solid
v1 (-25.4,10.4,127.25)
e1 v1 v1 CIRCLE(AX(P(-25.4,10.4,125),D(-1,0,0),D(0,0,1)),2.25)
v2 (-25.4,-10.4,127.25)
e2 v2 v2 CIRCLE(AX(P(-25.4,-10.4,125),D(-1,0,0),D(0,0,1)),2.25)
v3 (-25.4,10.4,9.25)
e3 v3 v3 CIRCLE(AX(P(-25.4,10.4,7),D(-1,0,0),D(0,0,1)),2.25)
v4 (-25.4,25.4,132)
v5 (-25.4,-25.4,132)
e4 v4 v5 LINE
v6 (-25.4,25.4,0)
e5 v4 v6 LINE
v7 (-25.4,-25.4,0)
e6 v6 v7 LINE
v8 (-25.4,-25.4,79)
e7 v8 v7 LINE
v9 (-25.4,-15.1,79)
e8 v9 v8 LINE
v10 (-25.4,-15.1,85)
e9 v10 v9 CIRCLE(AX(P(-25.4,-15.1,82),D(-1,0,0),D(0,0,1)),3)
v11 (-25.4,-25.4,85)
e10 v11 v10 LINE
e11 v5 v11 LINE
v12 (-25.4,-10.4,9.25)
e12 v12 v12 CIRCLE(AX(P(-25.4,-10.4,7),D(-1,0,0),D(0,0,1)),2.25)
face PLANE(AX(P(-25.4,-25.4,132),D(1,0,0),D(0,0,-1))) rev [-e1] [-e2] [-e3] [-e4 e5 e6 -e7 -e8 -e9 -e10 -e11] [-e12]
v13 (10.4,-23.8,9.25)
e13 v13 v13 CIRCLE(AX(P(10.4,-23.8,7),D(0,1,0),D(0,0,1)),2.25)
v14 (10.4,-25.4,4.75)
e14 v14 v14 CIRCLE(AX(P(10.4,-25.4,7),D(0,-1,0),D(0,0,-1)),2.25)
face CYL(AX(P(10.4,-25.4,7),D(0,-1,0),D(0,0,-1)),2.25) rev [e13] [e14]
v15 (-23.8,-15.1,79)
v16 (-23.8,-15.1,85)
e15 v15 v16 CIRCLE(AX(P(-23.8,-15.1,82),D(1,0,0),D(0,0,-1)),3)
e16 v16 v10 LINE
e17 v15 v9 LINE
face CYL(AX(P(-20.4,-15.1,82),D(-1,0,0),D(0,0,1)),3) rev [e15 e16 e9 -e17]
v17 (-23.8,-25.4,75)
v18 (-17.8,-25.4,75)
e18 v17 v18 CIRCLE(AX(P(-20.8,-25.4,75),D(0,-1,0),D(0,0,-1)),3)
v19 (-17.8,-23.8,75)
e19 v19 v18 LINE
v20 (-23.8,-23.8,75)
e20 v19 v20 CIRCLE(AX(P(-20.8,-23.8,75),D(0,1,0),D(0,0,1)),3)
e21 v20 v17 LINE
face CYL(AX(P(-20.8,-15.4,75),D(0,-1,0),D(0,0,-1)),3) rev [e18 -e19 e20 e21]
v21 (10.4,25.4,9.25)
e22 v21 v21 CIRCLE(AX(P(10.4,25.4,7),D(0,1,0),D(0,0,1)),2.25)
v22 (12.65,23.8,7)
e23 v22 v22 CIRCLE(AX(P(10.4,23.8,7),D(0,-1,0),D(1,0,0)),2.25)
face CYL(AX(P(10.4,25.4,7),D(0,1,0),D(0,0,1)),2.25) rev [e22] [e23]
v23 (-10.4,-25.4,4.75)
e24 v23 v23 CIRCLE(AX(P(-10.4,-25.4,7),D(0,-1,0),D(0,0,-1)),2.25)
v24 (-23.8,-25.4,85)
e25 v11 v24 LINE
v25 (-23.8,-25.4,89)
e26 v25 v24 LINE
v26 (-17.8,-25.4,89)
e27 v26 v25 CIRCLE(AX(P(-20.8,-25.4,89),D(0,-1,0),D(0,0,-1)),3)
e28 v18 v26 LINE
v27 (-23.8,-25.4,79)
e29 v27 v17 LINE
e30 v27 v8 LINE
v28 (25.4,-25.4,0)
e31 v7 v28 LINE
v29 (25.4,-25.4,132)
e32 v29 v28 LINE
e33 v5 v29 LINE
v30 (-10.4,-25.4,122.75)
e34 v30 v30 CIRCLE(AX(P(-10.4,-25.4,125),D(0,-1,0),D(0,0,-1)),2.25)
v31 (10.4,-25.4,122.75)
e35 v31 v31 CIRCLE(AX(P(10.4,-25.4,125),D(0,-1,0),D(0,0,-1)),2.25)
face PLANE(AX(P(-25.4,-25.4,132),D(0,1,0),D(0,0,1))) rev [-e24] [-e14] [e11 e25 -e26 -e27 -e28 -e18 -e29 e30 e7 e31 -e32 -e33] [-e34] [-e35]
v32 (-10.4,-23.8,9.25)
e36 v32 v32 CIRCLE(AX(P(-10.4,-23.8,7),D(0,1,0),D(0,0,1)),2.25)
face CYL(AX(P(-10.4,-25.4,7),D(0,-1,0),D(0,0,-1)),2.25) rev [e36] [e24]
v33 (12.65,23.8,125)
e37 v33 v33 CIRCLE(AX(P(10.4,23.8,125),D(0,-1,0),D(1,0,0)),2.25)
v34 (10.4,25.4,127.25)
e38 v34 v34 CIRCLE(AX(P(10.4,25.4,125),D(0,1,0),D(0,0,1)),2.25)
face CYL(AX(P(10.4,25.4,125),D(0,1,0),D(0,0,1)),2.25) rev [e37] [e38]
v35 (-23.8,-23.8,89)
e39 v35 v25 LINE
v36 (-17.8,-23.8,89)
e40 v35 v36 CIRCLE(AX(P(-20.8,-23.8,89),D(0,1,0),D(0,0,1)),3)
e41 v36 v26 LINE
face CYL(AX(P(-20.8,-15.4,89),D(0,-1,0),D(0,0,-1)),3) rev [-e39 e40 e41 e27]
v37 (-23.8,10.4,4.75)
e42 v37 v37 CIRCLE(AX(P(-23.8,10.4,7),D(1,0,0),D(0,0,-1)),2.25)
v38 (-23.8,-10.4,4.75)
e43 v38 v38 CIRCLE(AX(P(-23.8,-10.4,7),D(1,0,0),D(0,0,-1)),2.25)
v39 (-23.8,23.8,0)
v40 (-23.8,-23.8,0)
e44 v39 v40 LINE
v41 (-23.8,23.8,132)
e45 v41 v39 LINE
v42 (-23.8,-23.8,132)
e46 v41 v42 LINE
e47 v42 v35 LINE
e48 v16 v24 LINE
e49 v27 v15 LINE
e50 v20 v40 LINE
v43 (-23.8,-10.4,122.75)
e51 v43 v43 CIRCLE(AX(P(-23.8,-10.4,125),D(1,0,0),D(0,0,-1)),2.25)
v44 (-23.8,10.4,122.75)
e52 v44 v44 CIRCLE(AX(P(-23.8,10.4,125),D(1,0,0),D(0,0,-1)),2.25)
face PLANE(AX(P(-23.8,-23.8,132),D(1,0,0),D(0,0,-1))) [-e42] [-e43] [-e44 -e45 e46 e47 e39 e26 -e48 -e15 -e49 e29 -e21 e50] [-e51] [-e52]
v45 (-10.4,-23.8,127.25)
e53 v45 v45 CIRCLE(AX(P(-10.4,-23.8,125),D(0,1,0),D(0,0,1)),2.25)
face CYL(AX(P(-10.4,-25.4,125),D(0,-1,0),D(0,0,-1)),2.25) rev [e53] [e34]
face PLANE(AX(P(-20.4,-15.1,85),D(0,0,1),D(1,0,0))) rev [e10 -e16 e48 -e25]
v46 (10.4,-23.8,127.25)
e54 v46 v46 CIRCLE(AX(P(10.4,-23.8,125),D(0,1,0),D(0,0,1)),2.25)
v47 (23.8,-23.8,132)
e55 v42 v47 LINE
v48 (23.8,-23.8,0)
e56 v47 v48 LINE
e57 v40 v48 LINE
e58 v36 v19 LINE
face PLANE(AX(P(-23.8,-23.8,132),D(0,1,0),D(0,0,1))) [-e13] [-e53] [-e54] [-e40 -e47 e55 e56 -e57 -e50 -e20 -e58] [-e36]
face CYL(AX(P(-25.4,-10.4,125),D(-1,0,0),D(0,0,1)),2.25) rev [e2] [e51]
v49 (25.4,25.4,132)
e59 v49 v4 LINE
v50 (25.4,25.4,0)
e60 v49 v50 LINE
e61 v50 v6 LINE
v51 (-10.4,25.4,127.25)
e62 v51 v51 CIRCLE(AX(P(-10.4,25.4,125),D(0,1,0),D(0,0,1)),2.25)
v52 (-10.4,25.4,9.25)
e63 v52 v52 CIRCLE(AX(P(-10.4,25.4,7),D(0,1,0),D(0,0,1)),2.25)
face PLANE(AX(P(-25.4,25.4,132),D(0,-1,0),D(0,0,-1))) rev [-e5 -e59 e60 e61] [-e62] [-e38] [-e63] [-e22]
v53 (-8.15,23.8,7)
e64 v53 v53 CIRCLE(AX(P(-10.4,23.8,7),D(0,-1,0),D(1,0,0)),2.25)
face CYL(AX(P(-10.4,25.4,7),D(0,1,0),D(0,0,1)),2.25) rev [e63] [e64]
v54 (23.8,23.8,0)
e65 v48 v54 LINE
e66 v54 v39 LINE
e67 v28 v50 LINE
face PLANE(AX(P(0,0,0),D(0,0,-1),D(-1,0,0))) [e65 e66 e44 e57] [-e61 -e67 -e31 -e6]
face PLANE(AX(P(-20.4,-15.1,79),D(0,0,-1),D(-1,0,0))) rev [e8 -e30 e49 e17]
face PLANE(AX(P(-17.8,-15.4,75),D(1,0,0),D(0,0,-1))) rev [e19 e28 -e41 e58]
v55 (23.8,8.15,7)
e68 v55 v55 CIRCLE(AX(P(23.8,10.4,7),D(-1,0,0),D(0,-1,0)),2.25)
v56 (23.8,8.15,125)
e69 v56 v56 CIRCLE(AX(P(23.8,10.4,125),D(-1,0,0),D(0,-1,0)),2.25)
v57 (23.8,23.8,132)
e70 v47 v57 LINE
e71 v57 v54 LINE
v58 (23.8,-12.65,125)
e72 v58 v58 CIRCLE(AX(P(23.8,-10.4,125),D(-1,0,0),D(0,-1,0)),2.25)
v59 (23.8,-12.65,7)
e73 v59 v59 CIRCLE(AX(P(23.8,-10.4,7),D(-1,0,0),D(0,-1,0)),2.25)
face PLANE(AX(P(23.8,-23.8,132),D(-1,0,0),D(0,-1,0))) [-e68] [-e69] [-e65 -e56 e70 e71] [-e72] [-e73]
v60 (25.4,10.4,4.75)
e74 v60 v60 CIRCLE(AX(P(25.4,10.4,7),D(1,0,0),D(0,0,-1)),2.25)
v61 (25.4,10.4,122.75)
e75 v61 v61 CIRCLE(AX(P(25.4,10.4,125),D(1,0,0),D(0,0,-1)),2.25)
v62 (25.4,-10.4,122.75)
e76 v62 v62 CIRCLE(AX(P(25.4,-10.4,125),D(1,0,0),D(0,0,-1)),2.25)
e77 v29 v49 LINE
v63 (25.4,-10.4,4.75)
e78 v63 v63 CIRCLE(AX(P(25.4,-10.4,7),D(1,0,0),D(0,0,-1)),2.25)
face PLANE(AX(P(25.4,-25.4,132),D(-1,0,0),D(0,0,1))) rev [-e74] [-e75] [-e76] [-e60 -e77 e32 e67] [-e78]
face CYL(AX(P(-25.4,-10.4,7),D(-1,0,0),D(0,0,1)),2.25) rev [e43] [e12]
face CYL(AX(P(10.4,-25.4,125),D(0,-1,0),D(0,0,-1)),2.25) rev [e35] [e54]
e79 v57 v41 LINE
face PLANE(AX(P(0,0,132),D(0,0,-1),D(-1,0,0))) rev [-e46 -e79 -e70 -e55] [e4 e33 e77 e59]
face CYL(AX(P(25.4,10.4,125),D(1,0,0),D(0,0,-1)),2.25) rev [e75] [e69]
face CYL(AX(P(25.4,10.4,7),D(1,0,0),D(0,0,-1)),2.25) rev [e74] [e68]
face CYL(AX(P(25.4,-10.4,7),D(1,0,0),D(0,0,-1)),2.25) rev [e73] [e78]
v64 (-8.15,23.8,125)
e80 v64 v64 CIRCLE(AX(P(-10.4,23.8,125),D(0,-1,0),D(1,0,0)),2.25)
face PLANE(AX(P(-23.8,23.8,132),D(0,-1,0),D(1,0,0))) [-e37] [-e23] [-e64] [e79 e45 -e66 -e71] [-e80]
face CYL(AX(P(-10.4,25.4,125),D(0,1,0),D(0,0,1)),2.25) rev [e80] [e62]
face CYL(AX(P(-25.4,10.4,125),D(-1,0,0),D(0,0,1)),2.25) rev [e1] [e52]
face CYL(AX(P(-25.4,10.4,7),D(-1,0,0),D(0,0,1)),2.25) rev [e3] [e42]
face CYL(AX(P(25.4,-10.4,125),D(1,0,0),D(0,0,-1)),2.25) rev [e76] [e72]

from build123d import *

# Parameters (mm, degrees)
SKETCH1_W                     = 50.8
SKETCH1_H                     = 50.8
SKETCH1_W_2                   = 47.6
SKETCH1_H_2                   = 47.6
BOSS_EXTRUDE1_DEPTH           = 132
M4_CLEARANCE_HOLE1_AT_2_COUNT = 2
M4_CLEARANCE_HOLE1_AT_2_PITCH = 20.8
CIRPATTERN1_COUNT             = 4
CUT_EXTRUDE1_DEPTH            = 5
CUT_EXTRUDE2_DEPTH            = 10


with BuildPart() as part:
    # Sketch1 → Boss-Extrude1 (new body)
    with BuildSketch(Plane.XY):
        Rectangle(SKETCH1_W, SKETCH1_H)
        Rectangle(SKETCH1_W_2, SKETCH1_H_2, mode=Mode.SUBTRACT)
    extrude(amount=BOSS_EXTRUDE1_DEPTH)

    # Sketch5 → M4 Clearance Hole1 (revolve, cut)
    with BuildSketch(Plane(origin=(-25.4, 10.4, 7), x_dir=(0, 0, 1), z_dir=(0, 1, 0))):
        Polygon((0, 0), (0, 12.851936393), (2.25, 11.5), (2.25, 0), align=None)
    m4_clearance_hole1 = revolve(axis=Axis((-31.75, 10.4, 7), (1, 0, 0)), mode=Mode.SUBTRACT)

    # M4 Clearance Hole1 at 2: M4 Clearance Hole1 ×2
    with Locations(*[(0, -i * M4_CLEARANCE_HOLE1_AT_2_PITCH, 0) for i in range(1, M4_CLEARANCE_HOLE1_AT_2_COUNT)]):
        add(m4_clearance_hole1, mode=Mode.SUBTRACT)

    # CirPattern1: M4 Clearance Hole1 ×4 about axis
    cirpattern1_axis = Axis((0, 0, 0), (0, 0, 1))
    for i in range(1, CIRPATTERN1_COUNT):
        add(m4_clearance_hole1.rotate(cirpattern1_axis, i * 360 / CIRPATTERN1_COUNT), mode=Mode.SUBTRACT)

    # CirPattern1 copy 1 sketch → CirPattern1 copy 1 (revolve, cut)
    with BuildSketch(Plane(origin=(10.4, -25.4, 7), x_dir=(0, 0, 1), z_dir=(-1, 0, 0))):
        Polygon((0, 0), (0, 12.851936393), (2.25, 11.5), (2.25, 0), align=None)
    revolve(axis=Axis((10.4, -31.75, 7), (0, 1, 0)), mode=Mode.SUBTRACT)

    # CirPattern1 copy 2 sketch → CirPattern1 copy 2 (revolve, cut)
    with BuildSketch(Plane(origin=(25.4, 10.4, 7), x_dir=(0, 0, 1), z_dir=(0, -1, 0))):
        Polygon((0, 0), (0, 12.851936393), (2.25, 11.5), (2.25, 0), align=None)
    revolve(axis=Axis((31.75, 10.4, 7), (-1, 0, 0)), mode=Mode.SUBTRACT)

    # CirPattern1 copy 3 sketch → CirPattern1 copy 3 (revolve, cut)
    with BuildSketch(Plane(origin=(-10.4, 25.4, 7), x_dir=(0, 0, 1), z_dir=(1, 0, 0))):
        Polygon((0, 0), (0, 12.851936393), (2.25, 11.5), (2.25, 0), align=None)
    revolve(axis=Axis((-10.4, 31.75, 7), (0, -1, 0)), mode=Mode.SUBTRACT)

    # Mirror3: M4 Clearance Hole1 across plane
    add(m4_clearance_hole1.mirror(Plane.XY.offset(66)), mode=Mode.SUBTRACT)

    # Mirror3 copy 1 sketch → Mirror3 copy 1 (revolve, cut)
    with BuildSketch(Plane(origin=(-25.4, -10.4, 125), x_dir=(0, 0, -1), z_dir=(0, 1, 0))):
        Polygon((0, 0), (0, -12.851936393), (2.25, -11.5), (2.25, 0), align=None)
    revolve(axis=Axis((-31.75, -10.4, 125), (-1, 0, 0)), mode=Mode.SUBTRACT)

    # Mirror3 copy 2 sketch → Mirror3 copy 2 (revolve, cut)
    with BuildSketch(Plane(origin=(-10.4, -25.4, 125), x_dir=(0, 0, -1), z_dir=(-1, 0, 0))):
        Polygon((0, 0), (0, -12.851936393), (2.25, -11.5), (2.25, 0), align=None)
    revolve(axis=Axis((-10.4, -31.75, 125), (0, -1, 0)), mode=Mode.SUBTRACT)

    # Mirror3 copy 3 sketch → Mirror3 copy 3 (revolve, cut)
    with BuildSketch(Plane(origin=(25.4, -10.4, 125), x_dir=(0, 0, -1), z_dir=(0, -1, 0))):
        Polygon((0, 0), (0, -12.851936393), (2.25, -11.5), (2.25, 0), align=None)
    revolve(axis=Axis((31.75, -10.4, 125), (1, 0, 0)), mode=Mode.SUBTRACT)

    # Mirror3 copy 4 sketch → Mirror3 copy 4 (revolve, cut)
    with BuildSketch(Plane(origin=(10.4, 25.4, 125), x_dir=(0, 0, -1), z_dir=(1, 0, 0))):
        Polygon((0, 0), (0, -12.851936393), (2.25, -11.5), (2.25, 0), align=None)
    revolve(axis=Axis((10.4, 31.75, 125), (0, 1, 0)), mode=Mode.SUBTRACT)

    # Mirror3 copy 5 sketch → Mirror3 copy 5 (revolve, cut)
    with BuildSketch(Plane(origin=(10.4, -25.4, 125), x_dir=(0, 0, -1), z_dir=(-1, 0, 0))):
        Polygon((0, 0), (0, -12.851936393), (2.25, -11.5), (2.25, 0), align=None)
    revolve(axis=Axis((10.4, -31.75, 125), (0, -1, 0)), mode=Mode.SUBTRACT)

    # Mirror3 copy 6 sketch → Mirror3 copy 6 (revolve, cut)
    with BuildSketch(Plane(origin=(25.4, 10.4, 125), x_dir=(0, 0, -1), z_dir=(0, -1, 0))):
        Polygon((0, 0), (0, -12.851936393), (2.25, -11.5), (2.25, 0), align=None)
    revolve(axis=Axis((31.75, 10.4, 125), (1, 0, 0)), mode=Mode.SUBTRACT)

    # Mirror3 copy 7 sketch → Mirror3 copy 7 (revolve, cut)
    with BuildSketch(Plane(origin=(-10.4, 25.4, 125), x_dir=(0, 0, -1), z_dir=(1, 0, 0))):
        Polygon((0, 0), (0, -12.851936393), (2.25, -11.5), (2.25, 0), align=None)
    revolve(axis=Axis((-10.4, 31.75, 125), (0, 1, 0)), mode=Mode.SUBTRACT)

    # Sketch7 → Cut-Extrude1 (cut)
    with BuildSketch(Plane.ZY.offset(25.4)):
        with BuildLine():
            Line((85, -15.1), (85, -30.1))
            ThreePointArc((85, -30.1), (82, -33.1), (79, -30.1))
            Line((79, -30.1), (79, -15.1))
            ThreePointArc((79, -15.1), (82, -12.1), (85, -15.1))
        make_face()
    extrude(amount=-CUT_EXTRUDE1_DEPTH, mode=Mode.SUBTRACT)

    # Sketch8 → Cut-Extrude2 (cut)
    with BuildSketch(Plane.XZ.offset(25.4)):
        with BuildLine():
            Line((-23.8, 75), (-23.8, 89))
            ThreePointArc((-23.8, 89), (-20.8, 92), (-17.8, 89))
            Line((-17.8, 89), (-17.8, 75))
            ThreePointArc((-17.8, 75), (-20.8, 72), (-23.8, 75))
        make_face()
    extrude(amount=-CUT_EXTRUDE2_DEPTH, mode=Mode.SUBTRACT)


solid = part.part
